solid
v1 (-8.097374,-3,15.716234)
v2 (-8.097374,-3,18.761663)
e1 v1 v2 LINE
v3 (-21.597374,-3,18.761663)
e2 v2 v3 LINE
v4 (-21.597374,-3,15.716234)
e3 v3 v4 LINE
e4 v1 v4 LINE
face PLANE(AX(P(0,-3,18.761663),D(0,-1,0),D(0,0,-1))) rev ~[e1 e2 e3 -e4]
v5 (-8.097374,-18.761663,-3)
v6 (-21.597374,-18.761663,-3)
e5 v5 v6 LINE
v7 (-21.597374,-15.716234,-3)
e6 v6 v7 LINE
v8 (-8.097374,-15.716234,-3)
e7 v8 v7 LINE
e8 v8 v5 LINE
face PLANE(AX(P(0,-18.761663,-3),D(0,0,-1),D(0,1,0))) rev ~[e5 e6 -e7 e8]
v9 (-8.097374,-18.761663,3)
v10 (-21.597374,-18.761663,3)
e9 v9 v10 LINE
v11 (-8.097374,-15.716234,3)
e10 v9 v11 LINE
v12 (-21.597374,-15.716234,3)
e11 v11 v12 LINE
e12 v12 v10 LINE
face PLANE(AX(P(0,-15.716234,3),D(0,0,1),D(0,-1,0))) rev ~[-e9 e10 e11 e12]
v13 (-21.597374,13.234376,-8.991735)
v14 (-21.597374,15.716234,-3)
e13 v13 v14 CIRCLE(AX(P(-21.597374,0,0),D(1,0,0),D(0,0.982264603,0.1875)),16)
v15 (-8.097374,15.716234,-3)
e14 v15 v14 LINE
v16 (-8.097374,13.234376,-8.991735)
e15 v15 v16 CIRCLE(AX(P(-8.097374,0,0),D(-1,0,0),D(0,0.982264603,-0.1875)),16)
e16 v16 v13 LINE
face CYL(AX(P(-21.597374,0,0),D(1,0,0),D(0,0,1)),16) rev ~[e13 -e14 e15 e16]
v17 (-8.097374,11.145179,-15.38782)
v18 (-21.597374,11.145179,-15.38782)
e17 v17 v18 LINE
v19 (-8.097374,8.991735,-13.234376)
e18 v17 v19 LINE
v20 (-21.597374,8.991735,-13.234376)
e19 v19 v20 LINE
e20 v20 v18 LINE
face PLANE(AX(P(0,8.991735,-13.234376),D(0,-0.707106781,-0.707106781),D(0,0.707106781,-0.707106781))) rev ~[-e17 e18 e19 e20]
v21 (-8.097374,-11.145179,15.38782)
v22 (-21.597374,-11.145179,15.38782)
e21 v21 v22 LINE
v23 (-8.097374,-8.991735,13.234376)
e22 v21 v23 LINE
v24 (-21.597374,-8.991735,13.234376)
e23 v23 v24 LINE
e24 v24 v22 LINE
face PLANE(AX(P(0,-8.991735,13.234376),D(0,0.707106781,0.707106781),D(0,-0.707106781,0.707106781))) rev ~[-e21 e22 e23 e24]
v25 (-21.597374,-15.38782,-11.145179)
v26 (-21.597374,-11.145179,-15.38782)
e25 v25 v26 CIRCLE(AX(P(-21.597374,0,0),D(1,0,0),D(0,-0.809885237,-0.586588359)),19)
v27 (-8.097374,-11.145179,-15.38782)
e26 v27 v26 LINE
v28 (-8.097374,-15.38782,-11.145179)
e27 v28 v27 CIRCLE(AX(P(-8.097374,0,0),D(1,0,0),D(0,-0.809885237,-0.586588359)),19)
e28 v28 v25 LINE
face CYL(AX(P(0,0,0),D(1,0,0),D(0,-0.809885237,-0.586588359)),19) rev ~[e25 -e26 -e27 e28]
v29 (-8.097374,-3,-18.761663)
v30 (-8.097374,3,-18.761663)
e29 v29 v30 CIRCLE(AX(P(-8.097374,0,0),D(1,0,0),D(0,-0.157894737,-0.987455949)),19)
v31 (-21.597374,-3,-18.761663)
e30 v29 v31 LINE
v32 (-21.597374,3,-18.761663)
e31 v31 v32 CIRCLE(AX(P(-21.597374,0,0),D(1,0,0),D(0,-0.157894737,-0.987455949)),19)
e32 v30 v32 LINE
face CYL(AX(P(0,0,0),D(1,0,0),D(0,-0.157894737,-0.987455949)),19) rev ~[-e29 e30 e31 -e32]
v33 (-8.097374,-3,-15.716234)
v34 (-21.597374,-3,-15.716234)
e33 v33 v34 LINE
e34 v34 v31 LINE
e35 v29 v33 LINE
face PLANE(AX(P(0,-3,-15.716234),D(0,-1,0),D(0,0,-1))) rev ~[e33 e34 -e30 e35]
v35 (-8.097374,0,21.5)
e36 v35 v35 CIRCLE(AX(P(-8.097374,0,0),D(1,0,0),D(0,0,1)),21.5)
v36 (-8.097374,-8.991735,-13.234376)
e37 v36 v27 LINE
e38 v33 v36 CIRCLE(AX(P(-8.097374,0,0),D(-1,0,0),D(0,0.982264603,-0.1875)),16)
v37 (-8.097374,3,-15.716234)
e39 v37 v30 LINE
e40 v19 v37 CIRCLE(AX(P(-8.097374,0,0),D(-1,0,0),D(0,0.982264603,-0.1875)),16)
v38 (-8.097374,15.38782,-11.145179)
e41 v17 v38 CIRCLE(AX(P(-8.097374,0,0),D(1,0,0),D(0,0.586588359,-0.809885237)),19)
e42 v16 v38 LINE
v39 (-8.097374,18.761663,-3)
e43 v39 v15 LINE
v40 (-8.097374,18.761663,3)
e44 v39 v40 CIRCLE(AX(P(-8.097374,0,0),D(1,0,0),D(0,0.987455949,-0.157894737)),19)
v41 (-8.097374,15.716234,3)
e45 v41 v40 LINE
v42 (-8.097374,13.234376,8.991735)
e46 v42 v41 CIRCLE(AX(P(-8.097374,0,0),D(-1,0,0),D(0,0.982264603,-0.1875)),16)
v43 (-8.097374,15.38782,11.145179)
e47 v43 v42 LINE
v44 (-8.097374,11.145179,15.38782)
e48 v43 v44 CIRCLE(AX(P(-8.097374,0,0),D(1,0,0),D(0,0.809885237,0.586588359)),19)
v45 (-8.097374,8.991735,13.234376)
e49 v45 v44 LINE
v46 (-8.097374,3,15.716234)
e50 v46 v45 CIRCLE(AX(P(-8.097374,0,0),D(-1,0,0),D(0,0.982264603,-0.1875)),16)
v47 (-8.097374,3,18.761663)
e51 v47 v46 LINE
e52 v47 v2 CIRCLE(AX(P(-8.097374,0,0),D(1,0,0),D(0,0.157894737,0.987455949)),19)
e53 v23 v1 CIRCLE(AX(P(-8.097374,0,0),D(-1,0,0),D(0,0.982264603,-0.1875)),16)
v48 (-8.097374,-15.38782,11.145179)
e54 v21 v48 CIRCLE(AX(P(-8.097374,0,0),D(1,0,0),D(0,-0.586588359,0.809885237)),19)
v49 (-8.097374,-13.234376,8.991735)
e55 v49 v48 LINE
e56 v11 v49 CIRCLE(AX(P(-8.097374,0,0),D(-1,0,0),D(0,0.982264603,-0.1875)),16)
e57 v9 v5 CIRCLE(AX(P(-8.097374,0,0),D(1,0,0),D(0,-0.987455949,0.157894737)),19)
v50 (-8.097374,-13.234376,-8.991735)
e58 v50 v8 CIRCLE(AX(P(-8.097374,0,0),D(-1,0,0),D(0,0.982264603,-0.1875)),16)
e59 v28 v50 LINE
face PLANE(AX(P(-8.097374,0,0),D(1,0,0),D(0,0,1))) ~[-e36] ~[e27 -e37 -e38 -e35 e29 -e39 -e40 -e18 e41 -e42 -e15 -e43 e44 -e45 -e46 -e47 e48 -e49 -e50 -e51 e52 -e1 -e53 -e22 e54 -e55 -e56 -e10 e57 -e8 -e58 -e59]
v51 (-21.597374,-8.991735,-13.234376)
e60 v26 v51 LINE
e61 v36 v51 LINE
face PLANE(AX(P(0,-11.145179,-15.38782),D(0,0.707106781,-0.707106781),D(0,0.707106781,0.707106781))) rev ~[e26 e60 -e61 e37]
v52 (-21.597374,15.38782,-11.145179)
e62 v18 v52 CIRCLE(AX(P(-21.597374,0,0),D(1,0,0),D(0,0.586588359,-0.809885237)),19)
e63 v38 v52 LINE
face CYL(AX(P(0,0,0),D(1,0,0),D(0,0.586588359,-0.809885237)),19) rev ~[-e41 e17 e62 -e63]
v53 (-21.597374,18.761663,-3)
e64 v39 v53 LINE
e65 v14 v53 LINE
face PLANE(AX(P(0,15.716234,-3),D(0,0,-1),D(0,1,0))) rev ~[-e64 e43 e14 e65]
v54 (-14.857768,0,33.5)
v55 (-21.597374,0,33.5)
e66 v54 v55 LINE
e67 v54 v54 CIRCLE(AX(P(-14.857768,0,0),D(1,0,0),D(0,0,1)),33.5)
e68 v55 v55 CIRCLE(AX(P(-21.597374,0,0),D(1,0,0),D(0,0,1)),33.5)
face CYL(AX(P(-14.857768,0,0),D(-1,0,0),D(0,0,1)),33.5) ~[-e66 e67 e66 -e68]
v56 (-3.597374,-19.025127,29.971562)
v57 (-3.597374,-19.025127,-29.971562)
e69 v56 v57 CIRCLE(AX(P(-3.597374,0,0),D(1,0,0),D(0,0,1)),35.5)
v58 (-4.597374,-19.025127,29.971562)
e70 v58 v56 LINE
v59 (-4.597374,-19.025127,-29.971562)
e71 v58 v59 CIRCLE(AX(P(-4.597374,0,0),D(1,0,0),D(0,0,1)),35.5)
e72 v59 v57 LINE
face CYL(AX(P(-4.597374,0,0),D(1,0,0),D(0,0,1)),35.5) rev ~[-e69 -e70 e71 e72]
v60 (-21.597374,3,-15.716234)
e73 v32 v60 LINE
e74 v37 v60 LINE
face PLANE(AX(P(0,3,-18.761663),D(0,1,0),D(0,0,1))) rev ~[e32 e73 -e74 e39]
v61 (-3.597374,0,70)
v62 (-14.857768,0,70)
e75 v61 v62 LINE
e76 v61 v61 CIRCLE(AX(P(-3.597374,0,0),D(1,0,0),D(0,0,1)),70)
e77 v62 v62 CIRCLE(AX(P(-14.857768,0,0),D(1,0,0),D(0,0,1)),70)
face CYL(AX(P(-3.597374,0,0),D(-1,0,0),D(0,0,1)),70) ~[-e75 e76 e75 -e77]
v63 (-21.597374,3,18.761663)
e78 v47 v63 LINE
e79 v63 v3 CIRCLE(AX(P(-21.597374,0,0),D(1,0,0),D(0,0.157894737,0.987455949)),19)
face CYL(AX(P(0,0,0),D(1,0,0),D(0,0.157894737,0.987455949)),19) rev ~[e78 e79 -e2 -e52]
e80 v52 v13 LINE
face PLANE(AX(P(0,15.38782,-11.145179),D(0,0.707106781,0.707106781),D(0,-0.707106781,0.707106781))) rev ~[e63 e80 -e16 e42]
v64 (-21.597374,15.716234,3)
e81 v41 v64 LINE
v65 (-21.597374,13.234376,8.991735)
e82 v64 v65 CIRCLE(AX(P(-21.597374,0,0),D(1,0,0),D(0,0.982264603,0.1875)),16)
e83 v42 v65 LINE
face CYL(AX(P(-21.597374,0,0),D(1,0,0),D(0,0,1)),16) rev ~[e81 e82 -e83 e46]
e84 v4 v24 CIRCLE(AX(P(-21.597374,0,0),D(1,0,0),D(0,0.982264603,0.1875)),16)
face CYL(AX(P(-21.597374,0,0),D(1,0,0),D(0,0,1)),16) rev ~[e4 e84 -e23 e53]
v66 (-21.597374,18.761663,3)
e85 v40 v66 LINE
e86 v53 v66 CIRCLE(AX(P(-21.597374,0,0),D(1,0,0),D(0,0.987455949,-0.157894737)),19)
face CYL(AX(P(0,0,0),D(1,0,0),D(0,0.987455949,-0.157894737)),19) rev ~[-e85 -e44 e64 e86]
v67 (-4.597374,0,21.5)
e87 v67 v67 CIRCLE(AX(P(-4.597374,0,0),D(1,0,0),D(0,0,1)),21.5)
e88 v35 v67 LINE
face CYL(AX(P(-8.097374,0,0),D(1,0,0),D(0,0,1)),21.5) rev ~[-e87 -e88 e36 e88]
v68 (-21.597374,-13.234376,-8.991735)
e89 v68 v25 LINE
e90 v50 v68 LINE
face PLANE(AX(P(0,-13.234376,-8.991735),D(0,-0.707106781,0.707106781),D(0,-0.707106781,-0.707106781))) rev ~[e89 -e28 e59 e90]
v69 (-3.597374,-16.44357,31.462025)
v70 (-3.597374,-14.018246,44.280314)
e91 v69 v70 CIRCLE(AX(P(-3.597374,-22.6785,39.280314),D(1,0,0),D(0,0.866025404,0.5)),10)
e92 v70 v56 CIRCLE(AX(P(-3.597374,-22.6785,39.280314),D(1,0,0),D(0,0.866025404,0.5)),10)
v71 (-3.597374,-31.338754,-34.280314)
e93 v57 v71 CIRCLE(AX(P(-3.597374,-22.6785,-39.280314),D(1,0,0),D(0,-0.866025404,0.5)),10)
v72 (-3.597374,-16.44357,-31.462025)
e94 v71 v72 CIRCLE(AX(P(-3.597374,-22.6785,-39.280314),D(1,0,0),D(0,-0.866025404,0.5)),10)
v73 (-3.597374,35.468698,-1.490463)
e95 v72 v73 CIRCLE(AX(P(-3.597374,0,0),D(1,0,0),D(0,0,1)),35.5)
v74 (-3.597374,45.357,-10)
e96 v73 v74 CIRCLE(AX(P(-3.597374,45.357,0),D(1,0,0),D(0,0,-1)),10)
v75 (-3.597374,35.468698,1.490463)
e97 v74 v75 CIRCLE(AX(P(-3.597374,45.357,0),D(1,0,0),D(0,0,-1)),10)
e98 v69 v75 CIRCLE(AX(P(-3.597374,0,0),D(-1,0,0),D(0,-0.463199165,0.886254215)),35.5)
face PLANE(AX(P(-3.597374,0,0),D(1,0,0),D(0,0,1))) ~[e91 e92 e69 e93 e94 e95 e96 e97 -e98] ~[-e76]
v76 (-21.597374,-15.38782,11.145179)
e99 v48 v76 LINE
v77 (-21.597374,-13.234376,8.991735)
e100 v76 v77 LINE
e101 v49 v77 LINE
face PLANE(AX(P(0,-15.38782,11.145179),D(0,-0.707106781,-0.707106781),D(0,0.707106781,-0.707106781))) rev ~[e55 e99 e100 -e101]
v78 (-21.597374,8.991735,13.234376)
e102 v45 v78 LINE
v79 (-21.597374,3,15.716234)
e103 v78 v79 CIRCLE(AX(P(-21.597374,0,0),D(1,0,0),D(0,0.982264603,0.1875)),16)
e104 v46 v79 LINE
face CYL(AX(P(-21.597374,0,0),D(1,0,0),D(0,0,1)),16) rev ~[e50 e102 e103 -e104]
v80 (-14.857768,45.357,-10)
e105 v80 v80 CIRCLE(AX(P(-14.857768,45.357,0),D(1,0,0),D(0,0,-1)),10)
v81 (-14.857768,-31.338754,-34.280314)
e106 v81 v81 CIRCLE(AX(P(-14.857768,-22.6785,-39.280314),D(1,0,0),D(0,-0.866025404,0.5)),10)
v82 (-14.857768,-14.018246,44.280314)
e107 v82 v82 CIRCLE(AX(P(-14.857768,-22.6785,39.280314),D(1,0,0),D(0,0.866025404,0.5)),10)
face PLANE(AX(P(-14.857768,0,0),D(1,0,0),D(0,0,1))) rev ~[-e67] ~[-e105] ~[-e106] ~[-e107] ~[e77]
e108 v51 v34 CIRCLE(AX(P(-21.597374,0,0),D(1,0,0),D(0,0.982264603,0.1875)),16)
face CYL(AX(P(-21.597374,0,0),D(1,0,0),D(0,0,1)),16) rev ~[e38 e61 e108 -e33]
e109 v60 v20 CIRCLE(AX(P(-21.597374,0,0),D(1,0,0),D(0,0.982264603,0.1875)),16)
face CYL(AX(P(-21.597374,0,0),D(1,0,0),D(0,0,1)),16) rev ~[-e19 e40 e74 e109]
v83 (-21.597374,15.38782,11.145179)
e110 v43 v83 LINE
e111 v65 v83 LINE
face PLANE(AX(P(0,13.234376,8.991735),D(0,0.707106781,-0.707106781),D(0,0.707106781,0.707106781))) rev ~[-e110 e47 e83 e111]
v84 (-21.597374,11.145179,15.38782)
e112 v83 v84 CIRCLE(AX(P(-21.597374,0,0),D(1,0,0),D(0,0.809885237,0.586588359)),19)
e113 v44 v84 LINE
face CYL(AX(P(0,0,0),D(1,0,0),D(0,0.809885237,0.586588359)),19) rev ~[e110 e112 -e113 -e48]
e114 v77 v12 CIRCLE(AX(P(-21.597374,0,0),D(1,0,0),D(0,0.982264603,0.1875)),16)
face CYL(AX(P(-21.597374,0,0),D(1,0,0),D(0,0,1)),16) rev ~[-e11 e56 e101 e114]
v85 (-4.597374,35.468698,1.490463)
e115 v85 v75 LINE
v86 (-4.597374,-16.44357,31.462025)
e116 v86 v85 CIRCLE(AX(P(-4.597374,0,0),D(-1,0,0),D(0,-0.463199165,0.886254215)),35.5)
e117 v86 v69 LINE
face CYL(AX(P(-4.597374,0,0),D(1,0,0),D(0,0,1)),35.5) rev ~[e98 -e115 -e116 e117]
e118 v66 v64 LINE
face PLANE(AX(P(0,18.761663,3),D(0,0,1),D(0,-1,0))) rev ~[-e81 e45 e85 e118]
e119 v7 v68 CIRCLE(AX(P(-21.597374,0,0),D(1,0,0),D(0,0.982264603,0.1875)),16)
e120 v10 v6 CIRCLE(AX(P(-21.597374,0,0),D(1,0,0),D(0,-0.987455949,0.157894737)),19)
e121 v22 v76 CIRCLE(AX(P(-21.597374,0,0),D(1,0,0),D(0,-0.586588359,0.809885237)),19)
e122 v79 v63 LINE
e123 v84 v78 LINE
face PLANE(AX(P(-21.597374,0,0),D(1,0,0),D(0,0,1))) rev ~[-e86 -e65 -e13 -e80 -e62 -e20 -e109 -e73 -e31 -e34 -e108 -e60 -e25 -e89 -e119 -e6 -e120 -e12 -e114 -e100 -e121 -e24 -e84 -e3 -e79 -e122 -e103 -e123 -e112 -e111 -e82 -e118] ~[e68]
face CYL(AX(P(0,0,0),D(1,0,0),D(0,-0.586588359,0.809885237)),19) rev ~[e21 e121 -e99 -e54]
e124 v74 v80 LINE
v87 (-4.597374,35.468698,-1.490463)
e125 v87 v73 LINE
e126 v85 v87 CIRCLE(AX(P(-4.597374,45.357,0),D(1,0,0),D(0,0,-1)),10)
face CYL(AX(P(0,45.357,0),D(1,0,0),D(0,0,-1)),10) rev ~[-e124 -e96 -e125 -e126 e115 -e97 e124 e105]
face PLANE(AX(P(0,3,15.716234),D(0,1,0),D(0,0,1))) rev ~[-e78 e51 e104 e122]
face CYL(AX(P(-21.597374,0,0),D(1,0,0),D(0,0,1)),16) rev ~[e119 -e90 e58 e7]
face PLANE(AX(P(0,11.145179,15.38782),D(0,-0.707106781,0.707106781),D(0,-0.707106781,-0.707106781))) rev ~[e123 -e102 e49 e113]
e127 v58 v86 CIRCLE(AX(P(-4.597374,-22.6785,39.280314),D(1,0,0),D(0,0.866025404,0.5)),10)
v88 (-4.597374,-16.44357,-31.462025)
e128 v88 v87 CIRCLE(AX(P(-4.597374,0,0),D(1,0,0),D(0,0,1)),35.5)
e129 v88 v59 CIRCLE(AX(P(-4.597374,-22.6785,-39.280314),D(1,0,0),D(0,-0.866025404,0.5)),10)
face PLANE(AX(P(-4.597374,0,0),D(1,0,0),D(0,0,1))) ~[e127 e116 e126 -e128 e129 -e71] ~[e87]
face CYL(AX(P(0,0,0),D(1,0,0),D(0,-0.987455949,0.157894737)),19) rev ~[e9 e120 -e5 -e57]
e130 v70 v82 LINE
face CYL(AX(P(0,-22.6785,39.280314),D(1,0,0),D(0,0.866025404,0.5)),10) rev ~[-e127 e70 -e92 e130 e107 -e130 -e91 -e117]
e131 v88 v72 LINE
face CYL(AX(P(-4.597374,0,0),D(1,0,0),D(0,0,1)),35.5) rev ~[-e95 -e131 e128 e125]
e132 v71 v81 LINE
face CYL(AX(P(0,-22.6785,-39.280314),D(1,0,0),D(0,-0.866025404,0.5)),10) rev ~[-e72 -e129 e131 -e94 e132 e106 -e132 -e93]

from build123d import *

# Parameters (mm, degrees)
SKETCH_2_R               = 10
CUT_EXTRUDE_1_DEPTH      = 102.323474928
PATTERN_CIRCULAR_1_COUNT = 3
CUT_EXTRUDE_2_DEPTH      = 102.323474928
PATTERN_CIRCULAR_2_COUNT = 8


with BuildPart() as part:
    # 草图1 → 旋转1 (revolve)
    with BuildSketch(Plane.XY):
        Polygon((-3.597374179, 35.5), (-3.597374179, 70), (-14.857768053, 70), (-14.857768053, 33.5), (-21.597374179, 33.5), (-21.597374179, 16), (-8.097374179, 16), (-8.097374179, 21.5), (-4.597374179, 21.5), (-4.597374179, 35.5), align=None)
    revolve(axis=Axis((-66.01750547, 0, 0), (1, 0, 0)))

    # 草图2 → 切除-拉伸1 (cut, through all)
    with BuildSketch(Plane(origin=(0, 0, 0), x_dir=(0, 0, -1), z_dir=(1, 0, 0))):
        with Locations((0, 45.357)):
            Circle(SKETCH_2_R)
    cut_extrude_1 = extrude(amount=-CUT_EXTRUDE_1_DEPTH, mode=Mode.SUBTRACT)

    # 阵列(圆周)1: 切除-拉伸1 ×3 about axis
    pattern_circular_1_axis = Axis((-66.01750547, 0, 0), (-1, 0, 0))
    for i in range(1, PATTERN_CIRCULAR_1_COUNT):
        add(cut_extrude_1.rotate(pattern_circular_1_axis, i * 360 / PATTERN_CIRCULAR_1_COUNT), mode=Mode.SUBTRACT)

    # 草图3 → 切除-拉伸2 (cut, through all)
    with BuildSketch(Plane(origin=(0, 0, 0), x_dir=(0, 0, -1), z_dir=(1, 0, 0))):
        with BuildLine():
            Line((3, 15.716233646), (3, 18.761663039))
            ThreePointArc((3, 18.761663039), (0, 19), (-3, 18.761663039))
            Line((-3, 18.761663039), (-3, 15.716233646))
            ThreePointArc((-3, 15.716233646), (0, 16), (3, 15.716233646))
        make_face()
    cut_extrude_2 = extrude(amount=-CUT_EXTRUDE_2_DEPTH, mode=Mode.SUBTRACT)

    # 阵列(圆周)2: 切除-拉伸2 ×8 about axis
    pattern_circular_2_axis = Axis((-66.01750547, 0, 0), (-1, 0, 0))
    for i in range(1, PATTERN_CIRCULAR_2_COUNT):
        add(cut_extrude_2.rotate(pattern_circular_2_axis, i * 360 / PATTERN_CIRCULAR_2_COUNT), mode=Mode.SUBTRACT)


solid = part.part
